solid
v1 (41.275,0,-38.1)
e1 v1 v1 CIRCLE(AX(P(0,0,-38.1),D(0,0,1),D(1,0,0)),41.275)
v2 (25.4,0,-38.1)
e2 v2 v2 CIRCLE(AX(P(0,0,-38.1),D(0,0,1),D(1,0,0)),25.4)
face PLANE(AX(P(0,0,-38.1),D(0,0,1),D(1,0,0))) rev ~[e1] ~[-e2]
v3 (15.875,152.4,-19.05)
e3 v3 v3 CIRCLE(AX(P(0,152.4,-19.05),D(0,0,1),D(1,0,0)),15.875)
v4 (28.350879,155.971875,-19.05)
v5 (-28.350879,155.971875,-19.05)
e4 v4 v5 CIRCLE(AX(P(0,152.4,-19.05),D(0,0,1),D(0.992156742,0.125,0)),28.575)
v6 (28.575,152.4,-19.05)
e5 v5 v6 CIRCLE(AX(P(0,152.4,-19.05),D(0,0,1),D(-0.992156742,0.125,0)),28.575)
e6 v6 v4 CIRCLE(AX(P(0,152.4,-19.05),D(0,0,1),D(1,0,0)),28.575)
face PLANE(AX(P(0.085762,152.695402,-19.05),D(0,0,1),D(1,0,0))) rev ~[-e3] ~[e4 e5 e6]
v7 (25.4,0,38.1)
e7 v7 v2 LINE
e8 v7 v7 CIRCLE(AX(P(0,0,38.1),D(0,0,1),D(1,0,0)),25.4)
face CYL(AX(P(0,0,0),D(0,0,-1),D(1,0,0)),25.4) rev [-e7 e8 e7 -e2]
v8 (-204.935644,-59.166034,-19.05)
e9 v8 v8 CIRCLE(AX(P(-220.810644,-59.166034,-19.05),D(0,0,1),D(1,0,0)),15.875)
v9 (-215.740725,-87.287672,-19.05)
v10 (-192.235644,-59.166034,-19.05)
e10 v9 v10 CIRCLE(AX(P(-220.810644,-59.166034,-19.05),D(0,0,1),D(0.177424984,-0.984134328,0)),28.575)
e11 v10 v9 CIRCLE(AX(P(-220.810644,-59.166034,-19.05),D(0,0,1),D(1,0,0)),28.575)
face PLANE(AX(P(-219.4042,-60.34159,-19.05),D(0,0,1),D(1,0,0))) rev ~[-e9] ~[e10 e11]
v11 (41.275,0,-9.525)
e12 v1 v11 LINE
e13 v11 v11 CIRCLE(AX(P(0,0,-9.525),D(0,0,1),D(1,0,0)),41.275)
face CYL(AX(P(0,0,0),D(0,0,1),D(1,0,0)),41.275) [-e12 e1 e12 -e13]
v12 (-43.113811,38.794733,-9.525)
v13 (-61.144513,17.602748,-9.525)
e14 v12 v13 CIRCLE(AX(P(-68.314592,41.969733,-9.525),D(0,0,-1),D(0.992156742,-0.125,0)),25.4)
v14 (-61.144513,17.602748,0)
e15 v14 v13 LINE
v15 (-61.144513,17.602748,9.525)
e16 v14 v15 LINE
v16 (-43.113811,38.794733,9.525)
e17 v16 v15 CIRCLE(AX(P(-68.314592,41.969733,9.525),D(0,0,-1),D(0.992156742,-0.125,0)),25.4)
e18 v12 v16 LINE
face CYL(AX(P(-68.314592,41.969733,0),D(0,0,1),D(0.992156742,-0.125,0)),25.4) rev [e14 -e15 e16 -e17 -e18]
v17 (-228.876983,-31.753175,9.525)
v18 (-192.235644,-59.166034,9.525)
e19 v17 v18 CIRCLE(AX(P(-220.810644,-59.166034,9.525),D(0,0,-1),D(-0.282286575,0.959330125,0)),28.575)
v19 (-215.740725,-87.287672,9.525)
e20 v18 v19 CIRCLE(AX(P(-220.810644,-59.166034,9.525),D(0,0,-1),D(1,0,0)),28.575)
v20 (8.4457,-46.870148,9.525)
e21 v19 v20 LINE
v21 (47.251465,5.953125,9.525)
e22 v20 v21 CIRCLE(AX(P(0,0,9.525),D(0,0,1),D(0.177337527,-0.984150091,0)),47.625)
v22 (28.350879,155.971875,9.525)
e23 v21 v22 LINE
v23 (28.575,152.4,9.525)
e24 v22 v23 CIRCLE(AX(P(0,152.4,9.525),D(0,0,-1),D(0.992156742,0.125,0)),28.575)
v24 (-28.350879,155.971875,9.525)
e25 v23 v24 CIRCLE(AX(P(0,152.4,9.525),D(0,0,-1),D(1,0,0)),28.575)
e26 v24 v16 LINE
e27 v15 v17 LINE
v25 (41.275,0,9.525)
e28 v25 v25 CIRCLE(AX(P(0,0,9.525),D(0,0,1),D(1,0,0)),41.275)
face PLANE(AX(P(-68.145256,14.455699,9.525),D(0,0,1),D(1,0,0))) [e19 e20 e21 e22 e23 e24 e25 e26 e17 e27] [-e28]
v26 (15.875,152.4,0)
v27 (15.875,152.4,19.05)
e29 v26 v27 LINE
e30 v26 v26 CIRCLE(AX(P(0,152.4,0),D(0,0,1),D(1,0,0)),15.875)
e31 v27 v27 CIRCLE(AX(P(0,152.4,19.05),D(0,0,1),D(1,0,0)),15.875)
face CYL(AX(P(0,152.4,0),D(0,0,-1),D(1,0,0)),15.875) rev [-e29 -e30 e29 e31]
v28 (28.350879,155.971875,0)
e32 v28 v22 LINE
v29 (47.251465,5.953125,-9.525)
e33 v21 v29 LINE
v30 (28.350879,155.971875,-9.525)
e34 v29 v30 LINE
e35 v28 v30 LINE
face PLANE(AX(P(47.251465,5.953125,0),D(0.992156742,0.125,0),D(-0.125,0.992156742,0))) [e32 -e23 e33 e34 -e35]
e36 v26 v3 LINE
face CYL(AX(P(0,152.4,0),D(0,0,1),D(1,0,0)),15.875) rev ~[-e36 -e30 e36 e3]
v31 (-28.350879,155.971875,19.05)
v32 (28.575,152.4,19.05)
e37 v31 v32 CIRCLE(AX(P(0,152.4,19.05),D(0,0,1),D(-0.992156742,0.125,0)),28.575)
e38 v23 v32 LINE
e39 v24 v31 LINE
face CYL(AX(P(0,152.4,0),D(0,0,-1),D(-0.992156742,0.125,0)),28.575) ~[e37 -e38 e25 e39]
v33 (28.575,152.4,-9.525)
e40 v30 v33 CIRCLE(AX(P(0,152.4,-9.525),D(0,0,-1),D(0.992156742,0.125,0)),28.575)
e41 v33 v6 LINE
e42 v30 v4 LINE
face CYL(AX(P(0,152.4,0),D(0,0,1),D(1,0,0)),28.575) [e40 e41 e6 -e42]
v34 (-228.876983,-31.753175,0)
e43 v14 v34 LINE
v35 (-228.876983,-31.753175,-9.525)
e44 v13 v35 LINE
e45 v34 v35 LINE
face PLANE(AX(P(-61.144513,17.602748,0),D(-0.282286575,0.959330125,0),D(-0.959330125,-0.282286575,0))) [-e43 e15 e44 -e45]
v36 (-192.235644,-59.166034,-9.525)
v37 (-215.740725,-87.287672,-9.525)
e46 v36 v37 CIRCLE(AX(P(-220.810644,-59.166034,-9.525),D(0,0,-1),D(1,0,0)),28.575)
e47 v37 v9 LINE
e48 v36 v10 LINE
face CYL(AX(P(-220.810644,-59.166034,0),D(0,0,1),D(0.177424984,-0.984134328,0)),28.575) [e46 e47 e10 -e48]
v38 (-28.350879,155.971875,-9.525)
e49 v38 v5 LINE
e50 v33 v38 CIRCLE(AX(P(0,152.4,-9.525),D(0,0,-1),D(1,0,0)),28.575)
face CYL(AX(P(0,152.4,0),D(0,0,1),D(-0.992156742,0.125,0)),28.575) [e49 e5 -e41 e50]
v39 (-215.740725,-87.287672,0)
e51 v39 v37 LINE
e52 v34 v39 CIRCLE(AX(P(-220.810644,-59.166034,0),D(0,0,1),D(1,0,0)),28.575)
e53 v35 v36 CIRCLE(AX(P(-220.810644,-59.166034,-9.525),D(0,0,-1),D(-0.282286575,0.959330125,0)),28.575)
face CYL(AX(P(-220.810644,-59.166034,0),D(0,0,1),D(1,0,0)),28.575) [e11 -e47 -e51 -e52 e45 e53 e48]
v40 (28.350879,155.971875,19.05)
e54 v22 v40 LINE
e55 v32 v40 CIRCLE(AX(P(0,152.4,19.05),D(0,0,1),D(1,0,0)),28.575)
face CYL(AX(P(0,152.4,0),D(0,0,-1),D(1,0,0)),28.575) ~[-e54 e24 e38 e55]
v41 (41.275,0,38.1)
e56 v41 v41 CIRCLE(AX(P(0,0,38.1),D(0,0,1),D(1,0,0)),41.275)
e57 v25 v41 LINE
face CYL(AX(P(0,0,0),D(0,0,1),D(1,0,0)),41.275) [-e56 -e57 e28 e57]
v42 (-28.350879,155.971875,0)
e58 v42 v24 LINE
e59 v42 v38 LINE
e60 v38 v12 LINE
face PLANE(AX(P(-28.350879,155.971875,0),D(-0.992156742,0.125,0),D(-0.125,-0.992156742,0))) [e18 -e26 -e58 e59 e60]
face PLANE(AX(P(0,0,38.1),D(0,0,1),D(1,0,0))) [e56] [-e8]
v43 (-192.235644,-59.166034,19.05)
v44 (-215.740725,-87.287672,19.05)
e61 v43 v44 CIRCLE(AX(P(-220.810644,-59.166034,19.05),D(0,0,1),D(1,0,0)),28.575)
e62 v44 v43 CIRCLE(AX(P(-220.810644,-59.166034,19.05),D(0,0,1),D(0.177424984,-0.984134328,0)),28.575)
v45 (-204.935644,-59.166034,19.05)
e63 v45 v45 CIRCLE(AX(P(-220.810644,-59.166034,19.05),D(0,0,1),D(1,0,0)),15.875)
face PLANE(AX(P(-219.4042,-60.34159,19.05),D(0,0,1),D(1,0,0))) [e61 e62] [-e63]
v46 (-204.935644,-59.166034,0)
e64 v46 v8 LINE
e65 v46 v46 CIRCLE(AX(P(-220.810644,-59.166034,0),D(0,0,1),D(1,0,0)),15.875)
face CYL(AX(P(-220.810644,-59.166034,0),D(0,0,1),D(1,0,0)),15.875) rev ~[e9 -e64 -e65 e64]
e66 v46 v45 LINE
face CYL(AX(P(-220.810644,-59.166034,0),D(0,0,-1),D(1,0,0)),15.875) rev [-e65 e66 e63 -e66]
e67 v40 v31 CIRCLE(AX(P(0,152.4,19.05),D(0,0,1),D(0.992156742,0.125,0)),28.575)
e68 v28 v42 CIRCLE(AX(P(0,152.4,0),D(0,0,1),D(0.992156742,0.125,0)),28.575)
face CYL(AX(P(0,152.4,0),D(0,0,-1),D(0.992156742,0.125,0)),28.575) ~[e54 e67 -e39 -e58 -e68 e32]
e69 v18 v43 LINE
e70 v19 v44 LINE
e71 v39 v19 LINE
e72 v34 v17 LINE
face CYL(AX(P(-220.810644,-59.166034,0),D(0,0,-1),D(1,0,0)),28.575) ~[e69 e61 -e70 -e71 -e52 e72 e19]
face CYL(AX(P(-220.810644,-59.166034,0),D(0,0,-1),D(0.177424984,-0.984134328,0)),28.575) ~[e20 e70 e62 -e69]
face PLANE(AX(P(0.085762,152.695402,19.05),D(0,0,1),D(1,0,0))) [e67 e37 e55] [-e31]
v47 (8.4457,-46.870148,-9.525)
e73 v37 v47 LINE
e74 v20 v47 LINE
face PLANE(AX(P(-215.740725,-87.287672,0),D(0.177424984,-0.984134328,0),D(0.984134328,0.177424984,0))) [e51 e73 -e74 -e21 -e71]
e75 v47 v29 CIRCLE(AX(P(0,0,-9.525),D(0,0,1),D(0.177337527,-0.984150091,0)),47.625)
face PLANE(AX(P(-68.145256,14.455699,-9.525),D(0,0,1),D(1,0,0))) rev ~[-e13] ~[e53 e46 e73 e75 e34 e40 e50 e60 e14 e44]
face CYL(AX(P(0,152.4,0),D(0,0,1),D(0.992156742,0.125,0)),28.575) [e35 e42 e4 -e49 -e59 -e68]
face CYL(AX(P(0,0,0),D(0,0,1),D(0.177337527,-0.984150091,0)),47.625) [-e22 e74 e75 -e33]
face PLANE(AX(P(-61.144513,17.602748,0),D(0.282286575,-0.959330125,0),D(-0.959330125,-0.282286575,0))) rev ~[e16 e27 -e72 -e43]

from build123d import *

# Parameters (mm, degrees)
F0_R     = 41.275
F0_R_2   = 25.4
F1_DEPTH = 38.1
F0_R_3   = 15.875
F2_DEPTH = 19.05
F3_DEPTH = 9.525


with BuildPart() as f1:
    # F0 (on Top) → F1 (new body, symmetric)
    with BuildSketch(Plane.XY):
        Circle(F0_R)
        Circle(F0_R_2, mode=Mode.SUBTRACT)
    extrude(amount=F1_DEPTH, both=True)



with BuildPart() as f2:
    # F0 (on Top) → F2 (new body, symmetric)
    with BuildSketch(Plane.XY):
        with BuildLine():
            ThreePointArc((-28.3508788926, 155.971875), (-1.7894497259, 123.8810853173), (28.575, 152.4))
            ThreePointArc((28.575, 152.4), (28.5189146827, 154.1894497259), (28.3508788926, 155.971875))
            ThreePointArc((28.3508788926, 155.971875), (0, 180.975), (-28.3508788926, 155.971875))
        make_face()
        with Locations((0, 152.4)):
            Circle(F0_R_3, mode=Mode.SUBTRACT)
    extrude(amount=F2_DEPTH, both=True)


with BuildPart() as f2b:
    # F0 (on Top) → F2, piece 2 (new body, symmetric)
    with BuildSketch(Plane.XY):
        with BuildLine():
            ThreePointArc((-228.8769827763, -31.7531753778), (-248.6182816065, -65.7437164034), (-215.7407249669, -87.287672125))
            ThreePointArc((-215.7407249669, -87.287672125), (-198.8857315955, -77.4916672845), (-192.2356438897, -59.1660337104))
            ThreePointArc((-192.2356438897, -59.1660337104), (-203.6928900751, -36.285624419), (-228.8769827763, -31.7531753778))
        make_face()
        with Locations((-220.8106438897, -59.1660337104)):
            Circle(F0_R_3, mode=Mode.SUBTRACT)
    extrude(amount=F2_DEPTH, both=True)


with BuildPart() as f1_1:
    add(f1.part)

    add(f2.part)  # F3 merges F2

    add(f2b.part)  # F3 merges F2b
    # F0 (on Top) → F3 (join, symmetric)
    with BuildSketch(Plane.XY):
        with BuildLine():
            ThreePointArc((28.3508788926, 155.971875), (28.5189146827, 154.1894497259), (28.575, 152.4))
            ThreePointArc((28.575, 152.4), (-1.7894497259, 123.8810853173), (-28.3508788926, 155.971875))
            Line((-28.3508788926, 155.971875), (-43.1138110854, 38.7947333871))
            ThreePointArc((-43.1138110854, 38.7947333871), (-48.9692257639, 25.5101831903), (-61.144513313, 17.6027482025))
            Line((-61.144513313, 17.6027482025), (-228.8769827763, -31.7531753778))
            ThreePointArc((-228.8769827763, -31.7531753778), (-203.6928900751, -36.285624419), (-192.2356438897, -59.1660337104))
            ThreePointArc((-192.2356438897, -59.1660337104), (-198.8857315955, -77.4916672845), (-215.7407249669, -87.287672125))
            Line((-215.7407249669, -87.287672125), (8.4456997402, -46.8701480785))
            ThreePointArc((8.4456997402, -46.8701480785), (38.3812204043, -28.1961441562), (47.251464821, 5.953125))
            Line((47.251464821, 5.953125), (28.3508788926, 155.971875))
        make_face()
        Circle(F0_R, mode=Mode.SUBTRACT)
    extrude(amount=F3_DEPTH, both=True)


solid = f1_1.part
